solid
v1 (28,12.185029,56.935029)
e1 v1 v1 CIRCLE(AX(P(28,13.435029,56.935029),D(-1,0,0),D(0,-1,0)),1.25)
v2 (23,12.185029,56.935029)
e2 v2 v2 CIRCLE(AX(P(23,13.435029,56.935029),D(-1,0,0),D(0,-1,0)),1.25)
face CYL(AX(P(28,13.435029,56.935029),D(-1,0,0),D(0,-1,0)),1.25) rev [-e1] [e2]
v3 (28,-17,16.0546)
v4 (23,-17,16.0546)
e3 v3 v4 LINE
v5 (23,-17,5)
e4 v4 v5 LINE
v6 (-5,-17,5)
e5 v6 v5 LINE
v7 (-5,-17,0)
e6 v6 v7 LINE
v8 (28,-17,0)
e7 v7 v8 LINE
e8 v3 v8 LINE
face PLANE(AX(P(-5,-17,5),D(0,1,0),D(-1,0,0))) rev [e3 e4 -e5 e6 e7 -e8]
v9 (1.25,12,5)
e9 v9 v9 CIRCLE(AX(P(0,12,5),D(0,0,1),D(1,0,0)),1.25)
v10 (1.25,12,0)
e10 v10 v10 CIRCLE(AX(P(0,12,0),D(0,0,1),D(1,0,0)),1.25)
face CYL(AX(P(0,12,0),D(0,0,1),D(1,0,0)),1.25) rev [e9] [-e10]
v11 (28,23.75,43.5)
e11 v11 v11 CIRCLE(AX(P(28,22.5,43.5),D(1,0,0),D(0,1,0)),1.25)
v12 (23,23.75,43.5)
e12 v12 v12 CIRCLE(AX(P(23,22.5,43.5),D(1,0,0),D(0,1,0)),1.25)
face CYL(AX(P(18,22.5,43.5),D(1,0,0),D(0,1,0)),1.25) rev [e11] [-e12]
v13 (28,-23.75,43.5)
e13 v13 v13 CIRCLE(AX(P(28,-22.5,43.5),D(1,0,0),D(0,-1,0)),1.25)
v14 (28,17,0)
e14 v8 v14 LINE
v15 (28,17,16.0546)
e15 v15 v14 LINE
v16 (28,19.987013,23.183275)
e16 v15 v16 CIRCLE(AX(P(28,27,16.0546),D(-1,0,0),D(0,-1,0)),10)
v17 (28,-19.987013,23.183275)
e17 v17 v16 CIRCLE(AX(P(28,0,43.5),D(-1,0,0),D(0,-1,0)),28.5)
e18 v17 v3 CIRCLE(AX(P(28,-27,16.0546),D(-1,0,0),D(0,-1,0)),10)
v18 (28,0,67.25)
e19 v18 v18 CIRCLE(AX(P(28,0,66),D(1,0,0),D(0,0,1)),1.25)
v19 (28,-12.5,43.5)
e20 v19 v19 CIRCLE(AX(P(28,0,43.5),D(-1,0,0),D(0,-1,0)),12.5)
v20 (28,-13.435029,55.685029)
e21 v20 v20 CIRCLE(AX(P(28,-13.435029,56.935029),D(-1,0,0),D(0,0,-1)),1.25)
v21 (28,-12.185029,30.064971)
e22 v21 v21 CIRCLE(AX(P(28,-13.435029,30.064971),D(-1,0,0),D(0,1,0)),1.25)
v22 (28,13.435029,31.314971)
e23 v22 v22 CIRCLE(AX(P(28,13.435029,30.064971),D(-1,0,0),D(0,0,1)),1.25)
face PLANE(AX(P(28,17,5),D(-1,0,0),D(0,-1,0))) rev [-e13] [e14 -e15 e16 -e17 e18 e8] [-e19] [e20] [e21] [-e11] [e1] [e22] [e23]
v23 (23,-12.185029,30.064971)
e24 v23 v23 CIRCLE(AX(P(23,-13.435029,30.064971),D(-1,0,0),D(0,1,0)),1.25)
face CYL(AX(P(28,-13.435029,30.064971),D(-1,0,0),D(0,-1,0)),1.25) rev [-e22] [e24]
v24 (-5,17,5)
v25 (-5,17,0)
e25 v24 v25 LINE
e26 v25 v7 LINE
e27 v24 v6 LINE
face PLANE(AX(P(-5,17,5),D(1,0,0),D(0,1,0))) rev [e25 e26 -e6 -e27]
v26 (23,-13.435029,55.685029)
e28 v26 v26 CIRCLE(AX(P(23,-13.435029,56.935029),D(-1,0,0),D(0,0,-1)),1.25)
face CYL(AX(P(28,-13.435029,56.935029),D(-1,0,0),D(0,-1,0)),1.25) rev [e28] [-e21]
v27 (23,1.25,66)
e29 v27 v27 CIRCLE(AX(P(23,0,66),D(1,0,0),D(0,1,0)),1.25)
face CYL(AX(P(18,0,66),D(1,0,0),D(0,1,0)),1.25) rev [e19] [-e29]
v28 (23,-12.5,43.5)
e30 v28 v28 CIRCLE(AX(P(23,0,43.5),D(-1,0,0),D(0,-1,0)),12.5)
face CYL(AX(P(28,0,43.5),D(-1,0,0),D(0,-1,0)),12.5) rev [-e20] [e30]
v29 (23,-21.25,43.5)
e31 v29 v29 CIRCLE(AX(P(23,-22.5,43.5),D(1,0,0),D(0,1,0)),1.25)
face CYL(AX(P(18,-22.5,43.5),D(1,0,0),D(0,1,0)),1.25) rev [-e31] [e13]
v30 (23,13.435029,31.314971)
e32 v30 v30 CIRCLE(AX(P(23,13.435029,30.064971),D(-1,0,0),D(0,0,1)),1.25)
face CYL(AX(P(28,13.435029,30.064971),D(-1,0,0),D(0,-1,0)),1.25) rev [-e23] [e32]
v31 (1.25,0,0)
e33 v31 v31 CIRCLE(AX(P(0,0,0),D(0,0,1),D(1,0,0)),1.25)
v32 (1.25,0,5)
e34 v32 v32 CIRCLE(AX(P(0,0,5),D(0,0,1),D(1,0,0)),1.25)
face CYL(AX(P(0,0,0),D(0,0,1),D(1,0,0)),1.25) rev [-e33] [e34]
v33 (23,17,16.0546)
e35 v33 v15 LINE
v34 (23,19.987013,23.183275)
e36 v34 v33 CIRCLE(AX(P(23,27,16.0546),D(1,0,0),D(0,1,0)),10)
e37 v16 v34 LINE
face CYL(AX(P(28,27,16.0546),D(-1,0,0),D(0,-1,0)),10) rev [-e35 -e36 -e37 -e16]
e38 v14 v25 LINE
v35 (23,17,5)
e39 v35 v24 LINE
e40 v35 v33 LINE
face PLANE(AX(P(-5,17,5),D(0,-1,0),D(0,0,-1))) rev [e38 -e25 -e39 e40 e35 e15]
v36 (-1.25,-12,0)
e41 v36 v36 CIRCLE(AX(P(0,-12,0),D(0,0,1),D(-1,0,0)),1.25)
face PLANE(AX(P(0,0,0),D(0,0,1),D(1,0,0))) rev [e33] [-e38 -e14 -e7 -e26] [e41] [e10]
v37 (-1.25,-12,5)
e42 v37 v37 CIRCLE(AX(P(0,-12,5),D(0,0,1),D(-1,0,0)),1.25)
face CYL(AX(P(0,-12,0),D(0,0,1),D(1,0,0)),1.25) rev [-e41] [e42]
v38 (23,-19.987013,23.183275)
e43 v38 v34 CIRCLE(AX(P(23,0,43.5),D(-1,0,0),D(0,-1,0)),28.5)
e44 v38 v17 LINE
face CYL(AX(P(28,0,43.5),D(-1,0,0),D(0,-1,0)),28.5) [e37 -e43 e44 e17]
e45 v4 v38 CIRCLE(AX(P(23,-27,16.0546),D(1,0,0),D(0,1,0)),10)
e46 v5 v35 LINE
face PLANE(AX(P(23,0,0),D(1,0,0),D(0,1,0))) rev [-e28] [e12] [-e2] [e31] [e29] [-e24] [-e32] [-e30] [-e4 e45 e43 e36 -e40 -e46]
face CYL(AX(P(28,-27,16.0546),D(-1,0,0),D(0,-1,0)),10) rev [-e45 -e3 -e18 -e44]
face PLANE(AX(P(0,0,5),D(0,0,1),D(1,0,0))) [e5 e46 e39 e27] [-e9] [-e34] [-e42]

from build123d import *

# Parameters (mm, degrees)
EXTRUDE_1_DEPTH          = 5
SKETCH_2_W               = 67
SKETCH_2_H               = 34
EXTRUDE_2_DEPTH          = 5
SKETCH_4_W               = 57
SKETCH_4_H               = 57
EXTRUDE_3_DEPTH          = 5
CUT_EXTRUDE_1_DEPTH      = 5
FILLET_1_R               = 10
FILLET_2_R               = 10
SKETCH_6_R               = 1.25
SKETCH_6_R_2             = 12.5
CUT_EXTRUDE_2_DEPTH      = 5
PATTERN_CIRCULAR_1_COUNT = 4
SKETCH_7_R               = 1.25
CUT_EXTRUDE_3_DEPTH      = 5
SKETCH_8_R               = 1.25
CUT_EXTRUDE_5_DEPTH      = 10
PATTERN_CIRCULAR_2_COUNT = 3
PATTERN_CIRCULAR_2_ANGLE = 180


with BuildPart() as part:
    # 草图1 → 凸台-拉伸1 (new body)
    with BuildSketch(Plane.XY):
        Polygon((23, 17), (28, 17), (28, -17), (23, -17), (-5, -17), (-5, 17), align=None)
    extrude(amount=EXTRUDE_1_DEPTH)

    # 草图2 → 凸台-拉伸2 (add)
    with BuildSketch(Plane(origin=(28, 0, 0), x_dir=(0, 0, -1), z_dir=(1, 0, 0))):
        with Locations((-38.5, 0)):
            Rectangle(SKETCH_2_W, SKETCH_2_H)
    extrude(amount=-EXTRUDE_2_DEPTH)

    # 草图4 → 凸台-拉伸3 (add)
    with BuildSketch(Plane.ZY.offset(-23)):
        with Locations((43.5, 0)):
            Rectangle(SKETCH_4_W, SKETCH_4_H)
    extrude(amount=-EXTRUDE_3_DEPTH)

    # 草图5 → 切除-拉伸1 (cut)
    with BuildSketch(Plane.ZY.offset(-23)):
        with BuildLine():
            Line((15, 28.5), (15, 17))
            Line((15, 17), (20.625341533, 17))
            ThreePointArc((20.625341533, 17), (30.698632886, 25.463208753), (43.5, 28.5))
            Line((43.5, 28.5), (15, 28.5))
        make_face()
        with BuildLine():
            ThreePointArc((43.500000073, -28.5), (30.698632918, -25.463208769), (20.625341533, -17))
            Line((20.625341533, -17), (15, -17))
            Line((15, -17), (15, -28.5))
            Line((15, -28.5), (43.500000073, -28.5))
        make_face()
        with BuildLine():
            ThreePointArc((72, 0), (63.65254329, -20.152543238), (43.500000073, -28.5))
            Line((43.500000073, -28.5), (72, -28.5))
            Line((72, -28.5), (72, 0))
        make_face()
        with BuildLine():
            Line((72, 28.5), (43.5, 28.5))
            ThreePointArc((43.5, 28.5), (63.652543264, 20.152543264), (72, 0))
            Line((72, 0), (72, 28.5))
        make_face()
    extrude(amount=-CUT_EXTRUDE_1_DEPTH, mode=Mode.SUBTRACT)

    # 圆角1
    fillet_1_edges = [part.edges().sort_by_distance(p)[0] for p in [
        (25.5, 17, 20.625341533),
    ]]
    fillet(fillet_1_edges, radius=FILLET_1_R)

    # 圆角2
    fillet_2_edges = [part.edges().sort_by_distance(p)[0] for p in [
        (25.5, -17, 20.625341533),
    ]]
    fillet(fillet_2_edges, radius=FILLET_2_R)

    # 草图6 → 切除-拉伸2 (cut)
    with BuildSketch(Plane.ZY.offset(-23)):
        with Locations(Location((56.935028843, 13.435028843, 0), (0, 0, 270))):
            Circle(SKETCH_6_R)
        with Locations(Location((43.5, 0, 0), (0, 0, 270))):
            Circle(SKETCH_6_R_2)
    cut_extrude_2 = extrude(amount=-CUT_EXTRUDE_2_DEPTH, mode=Mode.SUBTRACT)

    # 阵列(圆周)1: 切除-拉伸2 ×4 about axis
    pattern_circular_1_axis = Axis((0, 0, 43.5), (1, 0, 0))
    for i in range(1, PATTERN_CIRCULAR_1_COUNT):
        add(cut_extrude_2.rotate(pattern_circular_1_axis, i * 360 / PATTERN_CIRCULAR_1_COUNT), mode=Mode.SUBTRACT)

    # 草图7 → 切除-拉伸3 (cut)
    with BuildSketch(Plane.XY.offset(5)):
        Circle(SKETCH_7_R)
        with Locations((0, 12)):
            Circle(SKETCH_7_R)
        with Locations(Location((0, -12, 0), (0, 0, 180))):
            Circle(SKETCH_7_R)
    extrude(amount=-CUT_EXTRUDE_3_DEPTH, mode=Mode.SUBTRACT)

    # 草图8 → 切除-拉伸5 (cut)
    with BuildSketch(Plane(origin=(28, 0, 0), x_dir=(0, 0, -1), z_dir=(1, 0, 0))):
        with Locations(Location((-43.5, 22.5, 0), (0, 0, 90))):
            Circle(SKETCH_8_R)
    cut_extrude_5 = extrude(amount=-CUT_EXTRUDE_5_DEPTH, mode=Mode.SUBTRACT)

    # 阵列(圆周)2: 切除-拉伸5 ×3 about axis
    pattern_circular_2_axis = Axis((0, 0, 43.5), (1, 0, 0))
    for i in range(1, PATTERN_CIRCULAR_2_COUNT):
        add(cut_extrude_5.rotate(pattern_circular_2_axis, i * PATTERN_CIRCULAR_2_ANGLE / (PATTERN_CIRCULAR_2_COUNT - 1)), mode=Mode.SUBTRACT)


solid = part.part
